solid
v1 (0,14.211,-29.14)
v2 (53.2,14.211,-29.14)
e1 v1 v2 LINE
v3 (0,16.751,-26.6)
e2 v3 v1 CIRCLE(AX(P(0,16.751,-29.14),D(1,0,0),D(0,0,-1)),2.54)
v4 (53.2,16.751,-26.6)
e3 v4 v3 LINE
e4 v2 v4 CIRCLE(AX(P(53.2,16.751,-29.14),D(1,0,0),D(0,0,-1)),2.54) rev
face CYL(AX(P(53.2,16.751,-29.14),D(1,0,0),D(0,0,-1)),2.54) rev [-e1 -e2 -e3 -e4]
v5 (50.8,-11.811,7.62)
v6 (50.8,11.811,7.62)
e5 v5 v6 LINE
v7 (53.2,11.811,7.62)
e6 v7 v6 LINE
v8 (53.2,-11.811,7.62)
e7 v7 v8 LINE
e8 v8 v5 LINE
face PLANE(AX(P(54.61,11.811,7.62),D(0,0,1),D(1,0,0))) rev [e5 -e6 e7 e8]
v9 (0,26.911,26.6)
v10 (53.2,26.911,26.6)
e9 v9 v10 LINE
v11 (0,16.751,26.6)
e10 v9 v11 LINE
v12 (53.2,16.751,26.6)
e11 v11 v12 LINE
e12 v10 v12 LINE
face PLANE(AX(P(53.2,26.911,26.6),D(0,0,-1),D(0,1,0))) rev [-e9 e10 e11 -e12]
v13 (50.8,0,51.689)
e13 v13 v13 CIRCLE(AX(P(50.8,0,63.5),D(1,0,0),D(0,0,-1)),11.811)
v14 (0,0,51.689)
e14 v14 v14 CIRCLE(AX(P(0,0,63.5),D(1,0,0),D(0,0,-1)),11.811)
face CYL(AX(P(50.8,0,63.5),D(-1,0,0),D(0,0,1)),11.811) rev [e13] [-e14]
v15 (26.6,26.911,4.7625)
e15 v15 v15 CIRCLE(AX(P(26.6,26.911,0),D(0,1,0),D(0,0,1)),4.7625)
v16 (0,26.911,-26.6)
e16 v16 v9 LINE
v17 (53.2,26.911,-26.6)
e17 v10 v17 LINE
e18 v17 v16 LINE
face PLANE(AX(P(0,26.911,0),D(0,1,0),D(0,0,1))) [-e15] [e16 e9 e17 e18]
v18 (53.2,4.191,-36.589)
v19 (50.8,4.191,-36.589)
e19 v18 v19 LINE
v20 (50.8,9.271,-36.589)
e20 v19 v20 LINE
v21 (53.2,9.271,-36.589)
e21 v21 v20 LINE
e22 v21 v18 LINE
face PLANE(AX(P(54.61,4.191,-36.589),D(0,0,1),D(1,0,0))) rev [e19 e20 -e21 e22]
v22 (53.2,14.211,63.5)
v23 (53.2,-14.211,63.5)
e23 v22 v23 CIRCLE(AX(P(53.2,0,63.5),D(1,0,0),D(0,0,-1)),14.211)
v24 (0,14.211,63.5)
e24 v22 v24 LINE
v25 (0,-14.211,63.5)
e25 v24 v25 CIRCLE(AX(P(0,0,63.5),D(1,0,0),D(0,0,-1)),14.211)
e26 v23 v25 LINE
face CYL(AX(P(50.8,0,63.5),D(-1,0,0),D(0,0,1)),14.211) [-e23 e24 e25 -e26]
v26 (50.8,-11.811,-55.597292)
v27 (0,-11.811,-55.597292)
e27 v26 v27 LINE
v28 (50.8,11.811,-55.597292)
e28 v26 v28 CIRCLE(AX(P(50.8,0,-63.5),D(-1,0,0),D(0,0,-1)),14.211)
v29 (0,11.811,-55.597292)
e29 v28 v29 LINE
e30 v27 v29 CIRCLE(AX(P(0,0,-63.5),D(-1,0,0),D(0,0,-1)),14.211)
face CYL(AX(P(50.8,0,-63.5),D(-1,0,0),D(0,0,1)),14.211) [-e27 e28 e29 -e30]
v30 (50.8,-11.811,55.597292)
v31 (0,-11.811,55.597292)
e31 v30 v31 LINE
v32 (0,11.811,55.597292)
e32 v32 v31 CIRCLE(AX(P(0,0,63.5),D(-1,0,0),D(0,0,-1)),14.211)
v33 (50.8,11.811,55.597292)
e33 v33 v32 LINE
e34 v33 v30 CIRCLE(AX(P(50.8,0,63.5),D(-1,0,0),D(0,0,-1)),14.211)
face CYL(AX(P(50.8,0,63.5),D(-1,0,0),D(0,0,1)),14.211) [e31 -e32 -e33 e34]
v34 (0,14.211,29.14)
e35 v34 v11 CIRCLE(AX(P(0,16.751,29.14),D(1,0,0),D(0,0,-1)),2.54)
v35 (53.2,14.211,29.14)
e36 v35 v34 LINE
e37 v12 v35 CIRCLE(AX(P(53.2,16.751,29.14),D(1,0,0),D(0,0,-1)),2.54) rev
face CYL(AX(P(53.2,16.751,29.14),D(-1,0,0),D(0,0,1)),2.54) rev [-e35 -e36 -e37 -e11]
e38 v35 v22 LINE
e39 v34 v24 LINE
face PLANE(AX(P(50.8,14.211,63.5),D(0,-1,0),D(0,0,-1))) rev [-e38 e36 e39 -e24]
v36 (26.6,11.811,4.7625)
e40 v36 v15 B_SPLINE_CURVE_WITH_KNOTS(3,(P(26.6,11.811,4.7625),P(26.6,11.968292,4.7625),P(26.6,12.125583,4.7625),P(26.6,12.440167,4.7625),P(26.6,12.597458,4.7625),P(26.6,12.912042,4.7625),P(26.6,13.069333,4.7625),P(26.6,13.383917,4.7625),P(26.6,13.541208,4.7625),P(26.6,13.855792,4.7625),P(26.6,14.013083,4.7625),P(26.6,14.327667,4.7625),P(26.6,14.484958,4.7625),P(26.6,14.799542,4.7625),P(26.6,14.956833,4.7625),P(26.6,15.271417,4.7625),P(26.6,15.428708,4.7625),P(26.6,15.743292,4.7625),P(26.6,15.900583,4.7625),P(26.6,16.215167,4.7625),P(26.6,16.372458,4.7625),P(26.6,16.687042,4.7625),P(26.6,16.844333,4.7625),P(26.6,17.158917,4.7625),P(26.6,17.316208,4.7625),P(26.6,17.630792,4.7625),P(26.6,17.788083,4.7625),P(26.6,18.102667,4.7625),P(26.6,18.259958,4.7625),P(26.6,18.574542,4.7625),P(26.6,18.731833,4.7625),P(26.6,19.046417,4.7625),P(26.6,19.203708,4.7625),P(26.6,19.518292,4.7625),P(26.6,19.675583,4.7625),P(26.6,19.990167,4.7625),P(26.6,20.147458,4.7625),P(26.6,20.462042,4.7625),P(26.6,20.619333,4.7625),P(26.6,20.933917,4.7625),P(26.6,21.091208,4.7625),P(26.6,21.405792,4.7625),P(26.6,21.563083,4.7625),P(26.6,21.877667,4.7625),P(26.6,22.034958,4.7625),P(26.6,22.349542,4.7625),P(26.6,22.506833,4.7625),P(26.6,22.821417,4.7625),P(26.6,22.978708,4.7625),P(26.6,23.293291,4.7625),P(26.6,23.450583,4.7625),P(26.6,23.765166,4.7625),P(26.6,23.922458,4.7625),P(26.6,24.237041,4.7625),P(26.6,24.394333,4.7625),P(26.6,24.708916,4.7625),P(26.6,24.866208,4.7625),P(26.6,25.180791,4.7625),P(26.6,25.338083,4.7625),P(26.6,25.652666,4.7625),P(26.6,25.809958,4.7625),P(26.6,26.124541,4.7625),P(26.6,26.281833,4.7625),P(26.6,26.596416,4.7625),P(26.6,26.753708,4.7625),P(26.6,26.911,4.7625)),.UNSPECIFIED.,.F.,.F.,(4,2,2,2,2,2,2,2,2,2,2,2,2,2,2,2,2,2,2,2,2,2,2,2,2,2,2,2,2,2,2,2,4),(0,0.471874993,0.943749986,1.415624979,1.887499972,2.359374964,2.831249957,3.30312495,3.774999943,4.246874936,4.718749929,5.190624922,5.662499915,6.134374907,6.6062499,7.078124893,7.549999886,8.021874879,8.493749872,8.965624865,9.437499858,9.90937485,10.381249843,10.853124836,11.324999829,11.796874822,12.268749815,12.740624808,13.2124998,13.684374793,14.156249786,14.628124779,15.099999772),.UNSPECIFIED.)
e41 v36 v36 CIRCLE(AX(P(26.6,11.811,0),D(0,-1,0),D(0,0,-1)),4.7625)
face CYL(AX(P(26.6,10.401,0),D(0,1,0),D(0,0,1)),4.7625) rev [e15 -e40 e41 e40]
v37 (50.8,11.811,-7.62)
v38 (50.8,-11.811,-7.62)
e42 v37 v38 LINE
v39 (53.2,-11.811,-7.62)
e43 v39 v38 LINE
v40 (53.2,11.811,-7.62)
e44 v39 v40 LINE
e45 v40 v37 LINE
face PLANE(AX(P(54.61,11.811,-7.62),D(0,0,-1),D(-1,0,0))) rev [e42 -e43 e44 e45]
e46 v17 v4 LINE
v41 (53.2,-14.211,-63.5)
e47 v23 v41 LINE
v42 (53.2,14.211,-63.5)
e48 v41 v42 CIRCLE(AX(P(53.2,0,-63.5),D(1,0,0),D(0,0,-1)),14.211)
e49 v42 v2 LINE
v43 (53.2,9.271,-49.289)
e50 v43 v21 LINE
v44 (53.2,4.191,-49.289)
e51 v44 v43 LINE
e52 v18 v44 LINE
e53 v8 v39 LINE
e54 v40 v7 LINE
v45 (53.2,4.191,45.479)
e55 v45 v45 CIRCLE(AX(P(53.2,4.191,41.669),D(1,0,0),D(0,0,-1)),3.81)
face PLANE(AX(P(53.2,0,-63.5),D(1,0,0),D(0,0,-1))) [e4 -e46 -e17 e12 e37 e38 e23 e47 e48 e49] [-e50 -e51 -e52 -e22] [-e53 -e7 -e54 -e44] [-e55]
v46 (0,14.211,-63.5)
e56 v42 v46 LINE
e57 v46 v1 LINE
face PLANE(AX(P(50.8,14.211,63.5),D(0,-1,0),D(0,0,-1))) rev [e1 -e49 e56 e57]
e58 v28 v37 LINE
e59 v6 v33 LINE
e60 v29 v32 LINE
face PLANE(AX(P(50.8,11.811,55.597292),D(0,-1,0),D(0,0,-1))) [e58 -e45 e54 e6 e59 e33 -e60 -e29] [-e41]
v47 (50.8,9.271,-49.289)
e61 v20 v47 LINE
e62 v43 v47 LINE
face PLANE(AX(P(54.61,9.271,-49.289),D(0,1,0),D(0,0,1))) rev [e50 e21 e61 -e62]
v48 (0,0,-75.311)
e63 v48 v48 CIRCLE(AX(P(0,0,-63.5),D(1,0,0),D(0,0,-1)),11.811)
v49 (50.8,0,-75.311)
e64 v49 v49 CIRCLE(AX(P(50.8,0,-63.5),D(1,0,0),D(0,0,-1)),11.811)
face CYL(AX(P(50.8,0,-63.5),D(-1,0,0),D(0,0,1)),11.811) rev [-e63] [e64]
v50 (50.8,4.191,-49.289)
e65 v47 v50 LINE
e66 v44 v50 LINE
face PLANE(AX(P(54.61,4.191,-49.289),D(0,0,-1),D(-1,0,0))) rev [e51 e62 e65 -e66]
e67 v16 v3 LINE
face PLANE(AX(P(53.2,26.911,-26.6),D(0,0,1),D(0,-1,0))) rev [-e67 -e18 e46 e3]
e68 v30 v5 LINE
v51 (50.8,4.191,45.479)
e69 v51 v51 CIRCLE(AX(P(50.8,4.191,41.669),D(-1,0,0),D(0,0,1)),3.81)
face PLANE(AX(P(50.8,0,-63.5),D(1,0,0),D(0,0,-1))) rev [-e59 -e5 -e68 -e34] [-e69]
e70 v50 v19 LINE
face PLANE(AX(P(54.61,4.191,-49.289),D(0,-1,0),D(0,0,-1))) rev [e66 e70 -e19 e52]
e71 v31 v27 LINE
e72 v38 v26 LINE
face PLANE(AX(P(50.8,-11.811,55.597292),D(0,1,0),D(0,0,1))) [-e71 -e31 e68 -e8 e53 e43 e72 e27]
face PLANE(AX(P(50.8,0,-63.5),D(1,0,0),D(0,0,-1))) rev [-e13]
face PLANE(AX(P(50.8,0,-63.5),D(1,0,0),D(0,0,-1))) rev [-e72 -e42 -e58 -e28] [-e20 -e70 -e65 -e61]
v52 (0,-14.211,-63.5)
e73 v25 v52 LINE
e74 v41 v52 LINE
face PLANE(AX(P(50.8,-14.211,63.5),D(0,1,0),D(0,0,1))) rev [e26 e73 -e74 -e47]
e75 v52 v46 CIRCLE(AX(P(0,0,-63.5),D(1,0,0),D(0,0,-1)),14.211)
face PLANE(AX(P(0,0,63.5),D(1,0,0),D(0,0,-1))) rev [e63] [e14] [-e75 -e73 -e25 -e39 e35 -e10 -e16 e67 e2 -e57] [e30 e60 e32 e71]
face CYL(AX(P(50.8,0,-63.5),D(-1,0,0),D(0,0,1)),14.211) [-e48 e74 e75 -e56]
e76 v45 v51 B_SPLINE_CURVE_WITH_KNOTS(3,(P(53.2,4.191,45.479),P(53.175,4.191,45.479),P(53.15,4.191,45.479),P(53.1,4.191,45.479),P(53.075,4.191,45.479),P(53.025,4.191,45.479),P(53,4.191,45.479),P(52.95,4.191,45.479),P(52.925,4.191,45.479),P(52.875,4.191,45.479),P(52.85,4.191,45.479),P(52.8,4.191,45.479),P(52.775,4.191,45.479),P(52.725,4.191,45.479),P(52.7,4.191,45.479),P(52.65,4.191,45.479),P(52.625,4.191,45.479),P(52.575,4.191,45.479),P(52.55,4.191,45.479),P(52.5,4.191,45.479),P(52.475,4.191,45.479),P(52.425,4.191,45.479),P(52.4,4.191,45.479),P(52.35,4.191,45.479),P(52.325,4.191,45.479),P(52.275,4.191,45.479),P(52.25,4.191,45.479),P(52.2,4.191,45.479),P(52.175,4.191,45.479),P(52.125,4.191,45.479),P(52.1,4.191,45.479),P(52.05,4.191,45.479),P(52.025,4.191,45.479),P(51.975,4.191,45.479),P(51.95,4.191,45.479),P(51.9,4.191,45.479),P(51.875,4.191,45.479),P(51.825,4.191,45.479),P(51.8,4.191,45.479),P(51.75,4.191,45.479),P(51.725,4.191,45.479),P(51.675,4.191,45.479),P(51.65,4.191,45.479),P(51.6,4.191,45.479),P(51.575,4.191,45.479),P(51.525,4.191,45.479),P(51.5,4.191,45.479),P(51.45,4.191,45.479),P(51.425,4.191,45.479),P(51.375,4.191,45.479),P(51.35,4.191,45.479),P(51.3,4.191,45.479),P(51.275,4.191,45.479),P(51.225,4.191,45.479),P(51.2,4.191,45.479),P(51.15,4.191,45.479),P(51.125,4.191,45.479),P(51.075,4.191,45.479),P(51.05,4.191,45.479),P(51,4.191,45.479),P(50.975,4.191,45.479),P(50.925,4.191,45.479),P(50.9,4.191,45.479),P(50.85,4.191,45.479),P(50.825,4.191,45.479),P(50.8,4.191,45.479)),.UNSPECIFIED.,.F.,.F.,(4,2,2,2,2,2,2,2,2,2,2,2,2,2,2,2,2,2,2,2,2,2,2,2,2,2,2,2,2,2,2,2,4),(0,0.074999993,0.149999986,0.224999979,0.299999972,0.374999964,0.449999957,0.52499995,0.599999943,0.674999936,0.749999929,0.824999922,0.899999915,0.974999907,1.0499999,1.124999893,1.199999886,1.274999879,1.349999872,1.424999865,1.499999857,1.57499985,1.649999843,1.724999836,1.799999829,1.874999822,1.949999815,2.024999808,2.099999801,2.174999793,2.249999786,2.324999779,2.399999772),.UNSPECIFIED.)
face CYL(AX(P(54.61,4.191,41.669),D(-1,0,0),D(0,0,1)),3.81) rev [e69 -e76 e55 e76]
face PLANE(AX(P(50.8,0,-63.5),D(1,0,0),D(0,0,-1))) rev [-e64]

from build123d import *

# Parameters (mm, degrees)
SKETCH1_R               = 11.811
BOSS_EXTRUDE1_DEPTH     = 50.8
BOSS_EXTRUDE2_DEPTH     = 2.399999772
SKETCH5_R               = 3.81
SKETCH5_W               = 12.7
SKETCH5_H               = 5.08
SKETCH5_W_2             = 15.24
SKETCH5_H_2             = 23.622
CUT_EXTRUDE3_DEPTH      = 3.81
SKETCH8_W               = 53.199999772
SKETCH8_H               = 53.199999772
BOSS_EXTRUDE3_DEPTH     = 12.7
CUT_EXTRUDE5_DEPTH      = 99.371995605
CUT_EXTRUDE5_DEPTH_BACK = 3.81
SKETCH6_R               = 4.7625
FILLET1_R               = 2.54


with BuildPart() as part:
    # Sketch1 → Boss-Extrude1 (new body)
    with BuildSketch(Plane(origin=(0, 0, 0), x_dir=(0, 0, -1), z_dir=(1, 0, 0))):
        with BuildLine():
            Line((-63.5, 14.210999772), (63.5, 14.210999772))
            ThreePointArc((63.5, 14.210999772), (77.710999772, 0), (63.5, -14.210999772))
            Line((63.5, -14.210999772), (-63.5, -14.210999772))
            ThreePointArc((-63.5, -14.210999772), (-77.710999772, 0), (-63.5, 14.210999772))
        make_face()
        with Locations((-63.5, 0)):
            Circle(SKETCH1_R, mode=Mode.SUBTRACT)
        with Locations((63.5, 0)):
            Circle(SKETCH1_R, mode=Mode.SUBTRACT)
        with BuildLine():
            Line((-55.597292014, 11.811), (55.597292014, 11.811))
            ThreePointArc((55.597292014, 11.811), (49.289000228, 0), (55.597292014, -11.811))
            Line((55.597292014, -11.811), (-55.597292014, -11.811))
            ThreePointArc((-55.597292014, -11.811), (-49.289000228, 0), (-55.597292014, 11.811))
        make_face(mode=Mode.SUBTRACT)
    extrude(amount=BOSS_EXTRUDE1_DEPTH)

    # Sketch2 → Boss-Extrude2 (add)
    with BuildSketch(Plane(origin=(50.8, 0, 0), x_dir=(0, 0, -1), z_dir=(1, 0, 0))):
        with BuildLine():
            Line((-63.5, -14.210999772), (63.5, -14.210999772))
            ThreePointArc((63.5, -14.210999772), (77.710999772, 0), (63.5, 14.210999772))
            Line((63.5, 14.210999772), (-63.5, 14.210999772))
            ThreePointArc((-63.5, 14.210999772), (-77.710999772, 0), (-63.5, -14.210999772))
        make_face()
    extrude(amount=BOSS_EXTRUDE2_DEPTH)

    # Sketch5 → Cut-Extrude3 (cut)
    with BuildSketch(Plane.ZY.offset(-50.8)):
        with Locations((41.669000228, 4.191)):
            Circle(SKETCH5_R)
        with Locations((-42.939000228, 6.731)):
            Rectangle(SKETCH5_W, SKETCH5_H)
        Rectangle(SKETCH5_W_2, SKETCH5_H_2)
    extrude(amount=-CUT_EXTRUDE3_DEPTH, mode=Mode.SUBTRACT)

    # Sketch8 → Boss-Extrude3 (add)
    with BuildSketch(Plane(origin=(0, 14.210999772, 0), x_dir=(1, 0, 0), z_dir=(0, 1, 0))):
        with Locations((26.599999886, 0)):
            Rectangle(SKETCH8_W, SKETCH8_H)
    extrude(amount=BOSS_EXTRUDE3_DEPTH)

    # Sketch6 → Cut-Extrude5 (cut, two sides: drawn at the far end of the back side and taken through both)
    with BuildSketch(Plane(origin=(0, 14.210999772, 0), x_dir=(1, 0, 0), z_dir=(0, 1, 0)).offset(-CUT_EXTRUDE5_DEPTH_BACK)):
        with Locations(Location((26.599999886, 0, 0), (0, 0, 270))):
            Circle(SKETCH6_R)
    extrude(amount=CUT_EXTRUDE5_DEPTH + CUT_EXTRUDE5_DEPTH_BACK, mode=Mode.SUBTRACT)

    # Fillet1
    fillet1_edges = [part.edges().sort_by_distance(p)[0] for p in [
        (26.599999886, 14.210999772, 26.599999886),
        (26.599999886, 14.210999772, -26.599999886),
    ]]
    fillet(fillet1_edges, radius=FILLET1_R)


solid = part.part
